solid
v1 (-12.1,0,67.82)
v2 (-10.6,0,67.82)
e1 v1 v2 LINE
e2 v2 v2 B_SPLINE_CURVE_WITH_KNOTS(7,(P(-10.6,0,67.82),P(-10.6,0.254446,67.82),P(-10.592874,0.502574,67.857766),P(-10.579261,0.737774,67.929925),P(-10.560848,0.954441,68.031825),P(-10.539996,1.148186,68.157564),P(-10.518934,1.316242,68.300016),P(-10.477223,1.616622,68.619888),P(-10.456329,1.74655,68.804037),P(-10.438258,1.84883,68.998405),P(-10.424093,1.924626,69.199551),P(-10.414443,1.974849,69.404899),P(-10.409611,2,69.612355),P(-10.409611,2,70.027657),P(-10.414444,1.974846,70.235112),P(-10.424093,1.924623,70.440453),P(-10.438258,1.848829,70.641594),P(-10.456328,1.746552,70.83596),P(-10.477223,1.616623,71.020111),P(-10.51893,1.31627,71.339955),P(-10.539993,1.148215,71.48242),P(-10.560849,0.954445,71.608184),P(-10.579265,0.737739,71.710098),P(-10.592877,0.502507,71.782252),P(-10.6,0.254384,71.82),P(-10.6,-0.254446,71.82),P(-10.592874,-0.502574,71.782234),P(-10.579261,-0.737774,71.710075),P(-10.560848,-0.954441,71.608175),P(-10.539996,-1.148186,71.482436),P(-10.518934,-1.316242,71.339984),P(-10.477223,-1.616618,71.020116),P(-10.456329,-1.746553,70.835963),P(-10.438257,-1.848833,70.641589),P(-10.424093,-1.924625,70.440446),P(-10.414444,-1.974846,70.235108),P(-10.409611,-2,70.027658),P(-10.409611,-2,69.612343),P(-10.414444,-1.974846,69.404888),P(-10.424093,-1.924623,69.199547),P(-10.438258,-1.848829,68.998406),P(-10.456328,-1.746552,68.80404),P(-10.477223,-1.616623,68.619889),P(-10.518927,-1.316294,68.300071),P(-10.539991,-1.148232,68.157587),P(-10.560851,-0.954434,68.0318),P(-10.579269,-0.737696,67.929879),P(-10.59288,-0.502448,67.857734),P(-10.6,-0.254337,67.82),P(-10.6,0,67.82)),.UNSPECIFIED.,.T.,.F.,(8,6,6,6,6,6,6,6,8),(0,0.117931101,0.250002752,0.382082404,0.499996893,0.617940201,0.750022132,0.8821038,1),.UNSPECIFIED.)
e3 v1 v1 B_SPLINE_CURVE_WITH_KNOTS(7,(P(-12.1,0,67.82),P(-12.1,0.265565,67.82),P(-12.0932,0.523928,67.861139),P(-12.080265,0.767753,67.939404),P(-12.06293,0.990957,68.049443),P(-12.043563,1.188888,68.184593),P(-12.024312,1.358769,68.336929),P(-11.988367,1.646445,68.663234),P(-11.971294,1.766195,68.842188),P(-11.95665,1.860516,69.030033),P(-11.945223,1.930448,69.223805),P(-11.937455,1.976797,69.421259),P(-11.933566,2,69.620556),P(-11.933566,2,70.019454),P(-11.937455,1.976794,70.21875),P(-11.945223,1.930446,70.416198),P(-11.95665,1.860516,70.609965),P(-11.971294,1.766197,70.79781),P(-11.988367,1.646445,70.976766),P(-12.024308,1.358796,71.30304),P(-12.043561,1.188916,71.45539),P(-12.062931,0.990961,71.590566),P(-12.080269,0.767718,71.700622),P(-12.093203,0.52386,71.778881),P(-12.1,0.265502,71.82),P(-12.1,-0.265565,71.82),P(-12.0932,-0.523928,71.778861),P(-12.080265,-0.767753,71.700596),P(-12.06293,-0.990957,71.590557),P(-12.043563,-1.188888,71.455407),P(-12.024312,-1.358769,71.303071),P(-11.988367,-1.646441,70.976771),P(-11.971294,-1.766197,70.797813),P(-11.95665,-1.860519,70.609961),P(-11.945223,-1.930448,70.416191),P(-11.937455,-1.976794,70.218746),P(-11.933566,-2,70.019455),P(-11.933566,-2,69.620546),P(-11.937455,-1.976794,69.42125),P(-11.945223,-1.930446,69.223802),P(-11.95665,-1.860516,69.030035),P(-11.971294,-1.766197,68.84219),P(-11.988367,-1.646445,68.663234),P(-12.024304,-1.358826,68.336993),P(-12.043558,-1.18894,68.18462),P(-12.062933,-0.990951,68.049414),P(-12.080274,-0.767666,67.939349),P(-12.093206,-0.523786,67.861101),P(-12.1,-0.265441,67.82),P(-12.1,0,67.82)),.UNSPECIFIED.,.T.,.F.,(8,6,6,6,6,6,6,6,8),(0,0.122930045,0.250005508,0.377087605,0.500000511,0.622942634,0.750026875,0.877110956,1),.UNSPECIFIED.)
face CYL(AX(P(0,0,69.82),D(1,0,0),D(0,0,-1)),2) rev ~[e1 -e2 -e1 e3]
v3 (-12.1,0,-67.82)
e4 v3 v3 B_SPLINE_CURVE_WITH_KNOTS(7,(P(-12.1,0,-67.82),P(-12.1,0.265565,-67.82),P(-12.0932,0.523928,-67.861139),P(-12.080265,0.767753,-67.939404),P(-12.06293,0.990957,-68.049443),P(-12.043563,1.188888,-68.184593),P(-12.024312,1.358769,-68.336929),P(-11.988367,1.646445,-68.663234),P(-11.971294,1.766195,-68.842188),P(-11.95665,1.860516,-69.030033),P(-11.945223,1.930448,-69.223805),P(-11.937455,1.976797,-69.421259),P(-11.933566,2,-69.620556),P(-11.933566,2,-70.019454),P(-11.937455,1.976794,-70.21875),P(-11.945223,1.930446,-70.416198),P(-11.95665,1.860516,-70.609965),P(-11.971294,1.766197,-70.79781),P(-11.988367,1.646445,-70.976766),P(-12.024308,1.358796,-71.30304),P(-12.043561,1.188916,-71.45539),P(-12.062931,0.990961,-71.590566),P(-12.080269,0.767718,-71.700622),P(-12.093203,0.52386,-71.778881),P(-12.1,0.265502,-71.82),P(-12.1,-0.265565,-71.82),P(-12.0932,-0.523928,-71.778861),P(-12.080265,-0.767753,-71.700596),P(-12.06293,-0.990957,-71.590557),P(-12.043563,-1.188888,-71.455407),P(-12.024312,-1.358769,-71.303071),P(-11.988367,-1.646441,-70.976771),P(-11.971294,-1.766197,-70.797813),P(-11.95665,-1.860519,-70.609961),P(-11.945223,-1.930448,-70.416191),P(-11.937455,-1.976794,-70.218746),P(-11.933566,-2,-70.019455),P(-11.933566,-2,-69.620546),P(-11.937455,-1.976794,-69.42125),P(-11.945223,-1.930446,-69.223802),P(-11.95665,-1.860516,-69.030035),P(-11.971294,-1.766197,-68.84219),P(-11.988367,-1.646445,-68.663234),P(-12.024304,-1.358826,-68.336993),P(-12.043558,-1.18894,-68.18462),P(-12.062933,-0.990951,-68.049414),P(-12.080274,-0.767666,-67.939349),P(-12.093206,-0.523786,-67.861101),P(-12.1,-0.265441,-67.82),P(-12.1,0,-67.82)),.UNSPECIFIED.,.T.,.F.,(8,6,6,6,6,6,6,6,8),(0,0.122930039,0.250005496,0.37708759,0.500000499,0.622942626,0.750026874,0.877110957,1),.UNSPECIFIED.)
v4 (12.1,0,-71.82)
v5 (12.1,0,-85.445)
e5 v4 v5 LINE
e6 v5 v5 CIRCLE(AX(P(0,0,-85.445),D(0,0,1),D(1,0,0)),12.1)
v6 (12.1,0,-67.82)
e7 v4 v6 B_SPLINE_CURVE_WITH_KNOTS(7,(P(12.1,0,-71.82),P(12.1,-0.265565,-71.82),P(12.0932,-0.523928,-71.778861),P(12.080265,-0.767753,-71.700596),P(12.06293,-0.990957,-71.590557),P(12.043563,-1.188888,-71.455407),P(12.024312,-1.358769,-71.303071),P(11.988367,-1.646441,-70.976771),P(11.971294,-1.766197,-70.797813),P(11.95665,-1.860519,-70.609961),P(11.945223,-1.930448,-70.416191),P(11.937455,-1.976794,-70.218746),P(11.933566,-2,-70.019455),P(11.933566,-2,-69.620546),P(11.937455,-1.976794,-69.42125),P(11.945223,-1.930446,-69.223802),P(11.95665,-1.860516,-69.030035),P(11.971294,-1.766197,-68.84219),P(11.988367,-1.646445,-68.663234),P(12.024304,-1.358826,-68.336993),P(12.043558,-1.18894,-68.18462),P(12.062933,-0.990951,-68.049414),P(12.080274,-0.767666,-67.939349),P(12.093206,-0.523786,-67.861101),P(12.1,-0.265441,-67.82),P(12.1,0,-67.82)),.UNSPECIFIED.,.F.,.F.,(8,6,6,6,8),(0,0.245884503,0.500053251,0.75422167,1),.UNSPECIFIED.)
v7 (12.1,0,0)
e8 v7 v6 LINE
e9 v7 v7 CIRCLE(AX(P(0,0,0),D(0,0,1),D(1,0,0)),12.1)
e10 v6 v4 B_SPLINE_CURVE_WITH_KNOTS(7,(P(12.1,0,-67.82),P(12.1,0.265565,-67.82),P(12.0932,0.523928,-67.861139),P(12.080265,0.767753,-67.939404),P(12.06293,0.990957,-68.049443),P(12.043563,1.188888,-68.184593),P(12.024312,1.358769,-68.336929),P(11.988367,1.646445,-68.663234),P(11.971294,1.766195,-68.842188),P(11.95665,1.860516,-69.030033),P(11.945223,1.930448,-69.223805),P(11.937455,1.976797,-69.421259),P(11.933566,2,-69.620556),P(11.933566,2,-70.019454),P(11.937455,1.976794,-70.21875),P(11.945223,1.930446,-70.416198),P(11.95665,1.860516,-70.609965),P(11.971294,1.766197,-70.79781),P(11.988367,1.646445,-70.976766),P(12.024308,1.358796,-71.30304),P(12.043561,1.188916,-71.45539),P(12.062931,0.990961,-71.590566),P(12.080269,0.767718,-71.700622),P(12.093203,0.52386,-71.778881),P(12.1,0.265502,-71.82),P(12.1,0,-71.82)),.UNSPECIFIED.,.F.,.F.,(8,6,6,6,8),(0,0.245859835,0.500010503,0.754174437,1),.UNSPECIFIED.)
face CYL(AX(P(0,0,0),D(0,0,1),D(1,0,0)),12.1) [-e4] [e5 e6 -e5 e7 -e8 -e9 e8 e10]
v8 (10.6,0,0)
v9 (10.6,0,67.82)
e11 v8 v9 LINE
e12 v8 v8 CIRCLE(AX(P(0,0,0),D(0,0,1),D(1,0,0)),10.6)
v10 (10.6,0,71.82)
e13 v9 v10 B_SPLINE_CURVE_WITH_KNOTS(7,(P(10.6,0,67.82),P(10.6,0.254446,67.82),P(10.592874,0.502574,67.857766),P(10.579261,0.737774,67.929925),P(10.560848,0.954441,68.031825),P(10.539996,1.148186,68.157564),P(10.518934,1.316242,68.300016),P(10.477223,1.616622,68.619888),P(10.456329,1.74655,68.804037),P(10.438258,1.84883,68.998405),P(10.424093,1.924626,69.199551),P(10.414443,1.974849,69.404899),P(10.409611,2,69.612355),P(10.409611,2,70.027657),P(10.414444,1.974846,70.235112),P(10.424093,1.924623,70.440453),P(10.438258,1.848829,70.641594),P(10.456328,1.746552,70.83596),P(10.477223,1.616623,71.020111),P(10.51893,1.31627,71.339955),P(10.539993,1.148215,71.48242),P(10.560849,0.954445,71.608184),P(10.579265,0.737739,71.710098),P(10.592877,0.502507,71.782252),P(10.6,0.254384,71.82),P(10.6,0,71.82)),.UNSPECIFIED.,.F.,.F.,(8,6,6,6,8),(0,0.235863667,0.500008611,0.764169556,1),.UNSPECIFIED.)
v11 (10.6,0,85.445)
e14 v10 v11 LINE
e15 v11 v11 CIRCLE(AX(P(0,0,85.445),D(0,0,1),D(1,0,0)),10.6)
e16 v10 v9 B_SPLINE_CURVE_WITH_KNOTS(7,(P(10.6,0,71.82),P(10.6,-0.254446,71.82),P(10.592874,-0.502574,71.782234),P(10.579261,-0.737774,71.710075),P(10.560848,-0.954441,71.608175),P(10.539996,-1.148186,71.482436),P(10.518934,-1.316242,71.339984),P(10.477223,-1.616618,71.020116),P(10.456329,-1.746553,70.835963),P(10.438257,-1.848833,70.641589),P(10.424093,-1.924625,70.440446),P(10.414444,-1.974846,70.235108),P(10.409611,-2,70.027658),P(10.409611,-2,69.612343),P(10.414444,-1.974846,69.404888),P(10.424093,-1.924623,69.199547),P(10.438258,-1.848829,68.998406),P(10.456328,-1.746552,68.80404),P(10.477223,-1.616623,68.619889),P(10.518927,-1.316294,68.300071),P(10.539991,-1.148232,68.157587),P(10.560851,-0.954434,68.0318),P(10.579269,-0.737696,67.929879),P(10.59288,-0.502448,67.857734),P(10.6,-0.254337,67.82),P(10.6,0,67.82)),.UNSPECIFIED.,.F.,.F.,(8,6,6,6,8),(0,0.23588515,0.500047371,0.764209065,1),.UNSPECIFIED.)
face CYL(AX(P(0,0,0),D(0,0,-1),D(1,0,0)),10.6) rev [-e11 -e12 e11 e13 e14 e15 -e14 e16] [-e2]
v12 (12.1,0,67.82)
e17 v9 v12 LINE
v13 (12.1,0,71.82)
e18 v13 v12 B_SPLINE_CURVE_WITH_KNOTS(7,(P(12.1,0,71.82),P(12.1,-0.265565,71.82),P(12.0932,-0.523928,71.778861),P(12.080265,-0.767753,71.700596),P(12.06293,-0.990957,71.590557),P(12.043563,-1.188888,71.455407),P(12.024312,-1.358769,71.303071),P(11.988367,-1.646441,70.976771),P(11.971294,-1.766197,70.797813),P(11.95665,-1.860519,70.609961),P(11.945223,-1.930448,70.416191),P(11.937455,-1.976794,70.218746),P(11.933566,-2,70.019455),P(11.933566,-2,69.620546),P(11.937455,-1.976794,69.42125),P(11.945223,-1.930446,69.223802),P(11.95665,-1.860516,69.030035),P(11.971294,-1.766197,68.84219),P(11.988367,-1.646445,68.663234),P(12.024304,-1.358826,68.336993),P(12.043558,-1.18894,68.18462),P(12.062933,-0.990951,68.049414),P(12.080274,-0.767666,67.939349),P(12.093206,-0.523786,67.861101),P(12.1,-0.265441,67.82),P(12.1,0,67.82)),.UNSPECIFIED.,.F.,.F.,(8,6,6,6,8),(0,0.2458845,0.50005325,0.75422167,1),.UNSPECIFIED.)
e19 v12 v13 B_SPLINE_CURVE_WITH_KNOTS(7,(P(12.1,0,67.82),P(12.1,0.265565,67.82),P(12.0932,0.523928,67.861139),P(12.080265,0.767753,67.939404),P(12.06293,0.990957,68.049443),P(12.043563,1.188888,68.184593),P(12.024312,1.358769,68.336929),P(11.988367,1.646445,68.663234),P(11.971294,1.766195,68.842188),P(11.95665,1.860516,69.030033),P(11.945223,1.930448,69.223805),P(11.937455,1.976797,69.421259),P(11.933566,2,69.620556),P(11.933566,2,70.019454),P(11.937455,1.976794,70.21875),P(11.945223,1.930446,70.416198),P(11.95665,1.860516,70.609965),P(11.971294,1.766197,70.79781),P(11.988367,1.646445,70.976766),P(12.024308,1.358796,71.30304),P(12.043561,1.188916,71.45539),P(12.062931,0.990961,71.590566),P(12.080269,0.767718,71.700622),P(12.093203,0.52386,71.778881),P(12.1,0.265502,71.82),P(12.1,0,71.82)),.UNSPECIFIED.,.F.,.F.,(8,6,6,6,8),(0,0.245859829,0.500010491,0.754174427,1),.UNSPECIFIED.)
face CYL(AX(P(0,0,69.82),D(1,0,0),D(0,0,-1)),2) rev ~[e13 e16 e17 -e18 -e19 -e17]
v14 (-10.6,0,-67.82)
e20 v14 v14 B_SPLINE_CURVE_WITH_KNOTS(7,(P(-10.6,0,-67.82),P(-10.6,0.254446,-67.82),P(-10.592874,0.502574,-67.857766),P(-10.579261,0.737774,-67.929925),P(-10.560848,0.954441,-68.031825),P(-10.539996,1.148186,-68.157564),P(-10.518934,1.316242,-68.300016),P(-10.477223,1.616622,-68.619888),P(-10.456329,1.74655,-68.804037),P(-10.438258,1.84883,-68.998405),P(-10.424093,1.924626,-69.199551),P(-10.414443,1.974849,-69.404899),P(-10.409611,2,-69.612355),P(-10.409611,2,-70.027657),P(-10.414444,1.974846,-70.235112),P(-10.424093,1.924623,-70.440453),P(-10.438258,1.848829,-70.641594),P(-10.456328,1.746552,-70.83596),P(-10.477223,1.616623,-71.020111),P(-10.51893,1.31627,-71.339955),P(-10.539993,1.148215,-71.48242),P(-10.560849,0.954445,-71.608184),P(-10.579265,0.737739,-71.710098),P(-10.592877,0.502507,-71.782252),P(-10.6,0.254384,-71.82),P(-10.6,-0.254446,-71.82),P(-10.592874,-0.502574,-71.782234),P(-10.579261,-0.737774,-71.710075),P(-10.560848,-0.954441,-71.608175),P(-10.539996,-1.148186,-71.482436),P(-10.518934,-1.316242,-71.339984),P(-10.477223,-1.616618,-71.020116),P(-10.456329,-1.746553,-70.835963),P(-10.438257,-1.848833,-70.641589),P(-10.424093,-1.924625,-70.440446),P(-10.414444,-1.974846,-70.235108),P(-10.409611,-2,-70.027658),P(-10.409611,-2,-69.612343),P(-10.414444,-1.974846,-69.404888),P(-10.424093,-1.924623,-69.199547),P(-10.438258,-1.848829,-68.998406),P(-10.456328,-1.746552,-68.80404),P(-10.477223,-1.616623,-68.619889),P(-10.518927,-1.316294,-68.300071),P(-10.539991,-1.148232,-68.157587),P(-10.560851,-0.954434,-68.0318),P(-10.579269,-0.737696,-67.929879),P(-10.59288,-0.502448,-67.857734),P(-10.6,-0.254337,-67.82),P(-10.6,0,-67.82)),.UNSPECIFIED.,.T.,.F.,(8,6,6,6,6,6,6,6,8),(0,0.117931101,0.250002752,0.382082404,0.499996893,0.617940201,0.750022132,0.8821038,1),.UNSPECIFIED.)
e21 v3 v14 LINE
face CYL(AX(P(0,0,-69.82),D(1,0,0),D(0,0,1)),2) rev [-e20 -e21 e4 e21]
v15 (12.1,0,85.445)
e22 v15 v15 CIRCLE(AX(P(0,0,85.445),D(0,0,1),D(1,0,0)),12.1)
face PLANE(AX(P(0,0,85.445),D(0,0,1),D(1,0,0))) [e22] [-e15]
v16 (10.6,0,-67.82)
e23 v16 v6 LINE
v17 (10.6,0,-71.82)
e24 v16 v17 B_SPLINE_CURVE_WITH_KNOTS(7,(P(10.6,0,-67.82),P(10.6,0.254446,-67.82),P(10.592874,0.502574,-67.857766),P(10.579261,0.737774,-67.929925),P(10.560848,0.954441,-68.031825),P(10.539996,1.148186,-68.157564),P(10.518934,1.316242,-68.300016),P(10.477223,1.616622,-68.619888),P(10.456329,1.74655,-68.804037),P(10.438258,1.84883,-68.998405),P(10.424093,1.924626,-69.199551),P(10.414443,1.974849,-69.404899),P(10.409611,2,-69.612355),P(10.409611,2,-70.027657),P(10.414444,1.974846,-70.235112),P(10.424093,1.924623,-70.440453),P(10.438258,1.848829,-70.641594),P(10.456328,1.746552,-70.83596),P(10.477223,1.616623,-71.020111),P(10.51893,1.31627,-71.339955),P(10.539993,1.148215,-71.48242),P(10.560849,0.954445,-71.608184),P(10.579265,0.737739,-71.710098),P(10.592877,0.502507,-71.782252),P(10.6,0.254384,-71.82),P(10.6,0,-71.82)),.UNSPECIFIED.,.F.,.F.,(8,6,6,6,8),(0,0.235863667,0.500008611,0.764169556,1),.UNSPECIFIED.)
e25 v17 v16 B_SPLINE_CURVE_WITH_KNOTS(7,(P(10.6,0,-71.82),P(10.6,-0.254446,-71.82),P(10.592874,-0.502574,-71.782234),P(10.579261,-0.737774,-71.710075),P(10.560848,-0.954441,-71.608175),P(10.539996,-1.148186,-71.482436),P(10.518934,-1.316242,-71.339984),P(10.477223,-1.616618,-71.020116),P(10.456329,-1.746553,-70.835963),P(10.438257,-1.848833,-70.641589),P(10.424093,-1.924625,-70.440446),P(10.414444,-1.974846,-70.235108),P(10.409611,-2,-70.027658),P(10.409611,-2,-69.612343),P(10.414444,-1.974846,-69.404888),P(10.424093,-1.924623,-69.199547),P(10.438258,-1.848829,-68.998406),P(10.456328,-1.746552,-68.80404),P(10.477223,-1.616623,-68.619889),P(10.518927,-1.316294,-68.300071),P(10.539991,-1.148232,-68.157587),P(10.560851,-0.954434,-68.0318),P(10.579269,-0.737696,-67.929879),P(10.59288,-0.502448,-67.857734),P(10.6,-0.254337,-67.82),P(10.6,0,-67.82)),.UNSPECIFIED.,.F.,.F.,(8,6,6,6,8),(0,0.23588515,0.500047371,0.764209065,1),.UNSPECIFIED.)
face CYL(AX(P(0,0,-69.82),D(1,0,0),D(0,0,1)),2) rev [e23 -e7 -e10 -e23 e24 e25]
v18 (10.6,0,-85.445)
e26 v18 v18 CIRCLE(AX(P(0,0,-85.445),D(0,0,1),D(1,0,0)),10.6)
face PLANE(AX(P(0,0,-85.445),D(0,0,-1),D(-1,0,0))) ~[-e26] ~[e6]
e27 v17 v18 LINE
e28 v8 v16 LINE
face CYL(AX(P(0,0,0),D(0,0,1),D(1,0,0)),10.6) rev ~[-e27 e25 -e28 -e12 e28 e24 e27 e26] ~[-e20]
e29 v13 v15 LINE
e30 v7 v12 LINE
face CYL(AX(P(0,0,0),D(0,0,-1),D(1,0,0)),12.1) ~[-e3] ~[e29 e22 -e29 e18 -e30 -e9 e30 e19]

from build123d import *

# Parameters (mm, degrees)
SKETCH1_R           = 12.1
SKETCH1_R_2         = 10.6
BOSS_EXTRUDE1_DEPTH = 85.445
SKETCH2_R           = 2
CUT_EXTRUDE1_DEPTH  = 88.141654936


with BuildPart() as part:
    # Sketch1 → Boss-Extrude1 (new body)
    with BuildSketch(Plane.XY):
        Circle(SKETCH1_R)
        Circle(SKETCH1_R_2, mode=Mode.SUBTRACT)
    boss_extrude1 = extrude(amount=BOSS_EXTRUDE1_DEPTH)

    # Sketch2 → Cut-Extrude1 (cut, symmetric)
    with BuildSketch(Plane(origin=(0, 0, 0), x_dir=(0, 0, -1), z_dir=(1, 0, 0))):
        with Locations((-69.82, 0)):
            Circle(SKETCH2_R)
    cut_extrude1 = extrude(amount=CUT_EXTRUDE1_DEPTH, both=True, mode=Mode.SUBTRACT)

    # Mirror1: Boss-Extrude1, Cut-Extrude1 across plane
    add(boss_extrude1.mirror(Plane.XY))
    add(cut_extrude1.mirror(Plane.XY), mode=Mode.SUBTRACT)


solid = part.part
